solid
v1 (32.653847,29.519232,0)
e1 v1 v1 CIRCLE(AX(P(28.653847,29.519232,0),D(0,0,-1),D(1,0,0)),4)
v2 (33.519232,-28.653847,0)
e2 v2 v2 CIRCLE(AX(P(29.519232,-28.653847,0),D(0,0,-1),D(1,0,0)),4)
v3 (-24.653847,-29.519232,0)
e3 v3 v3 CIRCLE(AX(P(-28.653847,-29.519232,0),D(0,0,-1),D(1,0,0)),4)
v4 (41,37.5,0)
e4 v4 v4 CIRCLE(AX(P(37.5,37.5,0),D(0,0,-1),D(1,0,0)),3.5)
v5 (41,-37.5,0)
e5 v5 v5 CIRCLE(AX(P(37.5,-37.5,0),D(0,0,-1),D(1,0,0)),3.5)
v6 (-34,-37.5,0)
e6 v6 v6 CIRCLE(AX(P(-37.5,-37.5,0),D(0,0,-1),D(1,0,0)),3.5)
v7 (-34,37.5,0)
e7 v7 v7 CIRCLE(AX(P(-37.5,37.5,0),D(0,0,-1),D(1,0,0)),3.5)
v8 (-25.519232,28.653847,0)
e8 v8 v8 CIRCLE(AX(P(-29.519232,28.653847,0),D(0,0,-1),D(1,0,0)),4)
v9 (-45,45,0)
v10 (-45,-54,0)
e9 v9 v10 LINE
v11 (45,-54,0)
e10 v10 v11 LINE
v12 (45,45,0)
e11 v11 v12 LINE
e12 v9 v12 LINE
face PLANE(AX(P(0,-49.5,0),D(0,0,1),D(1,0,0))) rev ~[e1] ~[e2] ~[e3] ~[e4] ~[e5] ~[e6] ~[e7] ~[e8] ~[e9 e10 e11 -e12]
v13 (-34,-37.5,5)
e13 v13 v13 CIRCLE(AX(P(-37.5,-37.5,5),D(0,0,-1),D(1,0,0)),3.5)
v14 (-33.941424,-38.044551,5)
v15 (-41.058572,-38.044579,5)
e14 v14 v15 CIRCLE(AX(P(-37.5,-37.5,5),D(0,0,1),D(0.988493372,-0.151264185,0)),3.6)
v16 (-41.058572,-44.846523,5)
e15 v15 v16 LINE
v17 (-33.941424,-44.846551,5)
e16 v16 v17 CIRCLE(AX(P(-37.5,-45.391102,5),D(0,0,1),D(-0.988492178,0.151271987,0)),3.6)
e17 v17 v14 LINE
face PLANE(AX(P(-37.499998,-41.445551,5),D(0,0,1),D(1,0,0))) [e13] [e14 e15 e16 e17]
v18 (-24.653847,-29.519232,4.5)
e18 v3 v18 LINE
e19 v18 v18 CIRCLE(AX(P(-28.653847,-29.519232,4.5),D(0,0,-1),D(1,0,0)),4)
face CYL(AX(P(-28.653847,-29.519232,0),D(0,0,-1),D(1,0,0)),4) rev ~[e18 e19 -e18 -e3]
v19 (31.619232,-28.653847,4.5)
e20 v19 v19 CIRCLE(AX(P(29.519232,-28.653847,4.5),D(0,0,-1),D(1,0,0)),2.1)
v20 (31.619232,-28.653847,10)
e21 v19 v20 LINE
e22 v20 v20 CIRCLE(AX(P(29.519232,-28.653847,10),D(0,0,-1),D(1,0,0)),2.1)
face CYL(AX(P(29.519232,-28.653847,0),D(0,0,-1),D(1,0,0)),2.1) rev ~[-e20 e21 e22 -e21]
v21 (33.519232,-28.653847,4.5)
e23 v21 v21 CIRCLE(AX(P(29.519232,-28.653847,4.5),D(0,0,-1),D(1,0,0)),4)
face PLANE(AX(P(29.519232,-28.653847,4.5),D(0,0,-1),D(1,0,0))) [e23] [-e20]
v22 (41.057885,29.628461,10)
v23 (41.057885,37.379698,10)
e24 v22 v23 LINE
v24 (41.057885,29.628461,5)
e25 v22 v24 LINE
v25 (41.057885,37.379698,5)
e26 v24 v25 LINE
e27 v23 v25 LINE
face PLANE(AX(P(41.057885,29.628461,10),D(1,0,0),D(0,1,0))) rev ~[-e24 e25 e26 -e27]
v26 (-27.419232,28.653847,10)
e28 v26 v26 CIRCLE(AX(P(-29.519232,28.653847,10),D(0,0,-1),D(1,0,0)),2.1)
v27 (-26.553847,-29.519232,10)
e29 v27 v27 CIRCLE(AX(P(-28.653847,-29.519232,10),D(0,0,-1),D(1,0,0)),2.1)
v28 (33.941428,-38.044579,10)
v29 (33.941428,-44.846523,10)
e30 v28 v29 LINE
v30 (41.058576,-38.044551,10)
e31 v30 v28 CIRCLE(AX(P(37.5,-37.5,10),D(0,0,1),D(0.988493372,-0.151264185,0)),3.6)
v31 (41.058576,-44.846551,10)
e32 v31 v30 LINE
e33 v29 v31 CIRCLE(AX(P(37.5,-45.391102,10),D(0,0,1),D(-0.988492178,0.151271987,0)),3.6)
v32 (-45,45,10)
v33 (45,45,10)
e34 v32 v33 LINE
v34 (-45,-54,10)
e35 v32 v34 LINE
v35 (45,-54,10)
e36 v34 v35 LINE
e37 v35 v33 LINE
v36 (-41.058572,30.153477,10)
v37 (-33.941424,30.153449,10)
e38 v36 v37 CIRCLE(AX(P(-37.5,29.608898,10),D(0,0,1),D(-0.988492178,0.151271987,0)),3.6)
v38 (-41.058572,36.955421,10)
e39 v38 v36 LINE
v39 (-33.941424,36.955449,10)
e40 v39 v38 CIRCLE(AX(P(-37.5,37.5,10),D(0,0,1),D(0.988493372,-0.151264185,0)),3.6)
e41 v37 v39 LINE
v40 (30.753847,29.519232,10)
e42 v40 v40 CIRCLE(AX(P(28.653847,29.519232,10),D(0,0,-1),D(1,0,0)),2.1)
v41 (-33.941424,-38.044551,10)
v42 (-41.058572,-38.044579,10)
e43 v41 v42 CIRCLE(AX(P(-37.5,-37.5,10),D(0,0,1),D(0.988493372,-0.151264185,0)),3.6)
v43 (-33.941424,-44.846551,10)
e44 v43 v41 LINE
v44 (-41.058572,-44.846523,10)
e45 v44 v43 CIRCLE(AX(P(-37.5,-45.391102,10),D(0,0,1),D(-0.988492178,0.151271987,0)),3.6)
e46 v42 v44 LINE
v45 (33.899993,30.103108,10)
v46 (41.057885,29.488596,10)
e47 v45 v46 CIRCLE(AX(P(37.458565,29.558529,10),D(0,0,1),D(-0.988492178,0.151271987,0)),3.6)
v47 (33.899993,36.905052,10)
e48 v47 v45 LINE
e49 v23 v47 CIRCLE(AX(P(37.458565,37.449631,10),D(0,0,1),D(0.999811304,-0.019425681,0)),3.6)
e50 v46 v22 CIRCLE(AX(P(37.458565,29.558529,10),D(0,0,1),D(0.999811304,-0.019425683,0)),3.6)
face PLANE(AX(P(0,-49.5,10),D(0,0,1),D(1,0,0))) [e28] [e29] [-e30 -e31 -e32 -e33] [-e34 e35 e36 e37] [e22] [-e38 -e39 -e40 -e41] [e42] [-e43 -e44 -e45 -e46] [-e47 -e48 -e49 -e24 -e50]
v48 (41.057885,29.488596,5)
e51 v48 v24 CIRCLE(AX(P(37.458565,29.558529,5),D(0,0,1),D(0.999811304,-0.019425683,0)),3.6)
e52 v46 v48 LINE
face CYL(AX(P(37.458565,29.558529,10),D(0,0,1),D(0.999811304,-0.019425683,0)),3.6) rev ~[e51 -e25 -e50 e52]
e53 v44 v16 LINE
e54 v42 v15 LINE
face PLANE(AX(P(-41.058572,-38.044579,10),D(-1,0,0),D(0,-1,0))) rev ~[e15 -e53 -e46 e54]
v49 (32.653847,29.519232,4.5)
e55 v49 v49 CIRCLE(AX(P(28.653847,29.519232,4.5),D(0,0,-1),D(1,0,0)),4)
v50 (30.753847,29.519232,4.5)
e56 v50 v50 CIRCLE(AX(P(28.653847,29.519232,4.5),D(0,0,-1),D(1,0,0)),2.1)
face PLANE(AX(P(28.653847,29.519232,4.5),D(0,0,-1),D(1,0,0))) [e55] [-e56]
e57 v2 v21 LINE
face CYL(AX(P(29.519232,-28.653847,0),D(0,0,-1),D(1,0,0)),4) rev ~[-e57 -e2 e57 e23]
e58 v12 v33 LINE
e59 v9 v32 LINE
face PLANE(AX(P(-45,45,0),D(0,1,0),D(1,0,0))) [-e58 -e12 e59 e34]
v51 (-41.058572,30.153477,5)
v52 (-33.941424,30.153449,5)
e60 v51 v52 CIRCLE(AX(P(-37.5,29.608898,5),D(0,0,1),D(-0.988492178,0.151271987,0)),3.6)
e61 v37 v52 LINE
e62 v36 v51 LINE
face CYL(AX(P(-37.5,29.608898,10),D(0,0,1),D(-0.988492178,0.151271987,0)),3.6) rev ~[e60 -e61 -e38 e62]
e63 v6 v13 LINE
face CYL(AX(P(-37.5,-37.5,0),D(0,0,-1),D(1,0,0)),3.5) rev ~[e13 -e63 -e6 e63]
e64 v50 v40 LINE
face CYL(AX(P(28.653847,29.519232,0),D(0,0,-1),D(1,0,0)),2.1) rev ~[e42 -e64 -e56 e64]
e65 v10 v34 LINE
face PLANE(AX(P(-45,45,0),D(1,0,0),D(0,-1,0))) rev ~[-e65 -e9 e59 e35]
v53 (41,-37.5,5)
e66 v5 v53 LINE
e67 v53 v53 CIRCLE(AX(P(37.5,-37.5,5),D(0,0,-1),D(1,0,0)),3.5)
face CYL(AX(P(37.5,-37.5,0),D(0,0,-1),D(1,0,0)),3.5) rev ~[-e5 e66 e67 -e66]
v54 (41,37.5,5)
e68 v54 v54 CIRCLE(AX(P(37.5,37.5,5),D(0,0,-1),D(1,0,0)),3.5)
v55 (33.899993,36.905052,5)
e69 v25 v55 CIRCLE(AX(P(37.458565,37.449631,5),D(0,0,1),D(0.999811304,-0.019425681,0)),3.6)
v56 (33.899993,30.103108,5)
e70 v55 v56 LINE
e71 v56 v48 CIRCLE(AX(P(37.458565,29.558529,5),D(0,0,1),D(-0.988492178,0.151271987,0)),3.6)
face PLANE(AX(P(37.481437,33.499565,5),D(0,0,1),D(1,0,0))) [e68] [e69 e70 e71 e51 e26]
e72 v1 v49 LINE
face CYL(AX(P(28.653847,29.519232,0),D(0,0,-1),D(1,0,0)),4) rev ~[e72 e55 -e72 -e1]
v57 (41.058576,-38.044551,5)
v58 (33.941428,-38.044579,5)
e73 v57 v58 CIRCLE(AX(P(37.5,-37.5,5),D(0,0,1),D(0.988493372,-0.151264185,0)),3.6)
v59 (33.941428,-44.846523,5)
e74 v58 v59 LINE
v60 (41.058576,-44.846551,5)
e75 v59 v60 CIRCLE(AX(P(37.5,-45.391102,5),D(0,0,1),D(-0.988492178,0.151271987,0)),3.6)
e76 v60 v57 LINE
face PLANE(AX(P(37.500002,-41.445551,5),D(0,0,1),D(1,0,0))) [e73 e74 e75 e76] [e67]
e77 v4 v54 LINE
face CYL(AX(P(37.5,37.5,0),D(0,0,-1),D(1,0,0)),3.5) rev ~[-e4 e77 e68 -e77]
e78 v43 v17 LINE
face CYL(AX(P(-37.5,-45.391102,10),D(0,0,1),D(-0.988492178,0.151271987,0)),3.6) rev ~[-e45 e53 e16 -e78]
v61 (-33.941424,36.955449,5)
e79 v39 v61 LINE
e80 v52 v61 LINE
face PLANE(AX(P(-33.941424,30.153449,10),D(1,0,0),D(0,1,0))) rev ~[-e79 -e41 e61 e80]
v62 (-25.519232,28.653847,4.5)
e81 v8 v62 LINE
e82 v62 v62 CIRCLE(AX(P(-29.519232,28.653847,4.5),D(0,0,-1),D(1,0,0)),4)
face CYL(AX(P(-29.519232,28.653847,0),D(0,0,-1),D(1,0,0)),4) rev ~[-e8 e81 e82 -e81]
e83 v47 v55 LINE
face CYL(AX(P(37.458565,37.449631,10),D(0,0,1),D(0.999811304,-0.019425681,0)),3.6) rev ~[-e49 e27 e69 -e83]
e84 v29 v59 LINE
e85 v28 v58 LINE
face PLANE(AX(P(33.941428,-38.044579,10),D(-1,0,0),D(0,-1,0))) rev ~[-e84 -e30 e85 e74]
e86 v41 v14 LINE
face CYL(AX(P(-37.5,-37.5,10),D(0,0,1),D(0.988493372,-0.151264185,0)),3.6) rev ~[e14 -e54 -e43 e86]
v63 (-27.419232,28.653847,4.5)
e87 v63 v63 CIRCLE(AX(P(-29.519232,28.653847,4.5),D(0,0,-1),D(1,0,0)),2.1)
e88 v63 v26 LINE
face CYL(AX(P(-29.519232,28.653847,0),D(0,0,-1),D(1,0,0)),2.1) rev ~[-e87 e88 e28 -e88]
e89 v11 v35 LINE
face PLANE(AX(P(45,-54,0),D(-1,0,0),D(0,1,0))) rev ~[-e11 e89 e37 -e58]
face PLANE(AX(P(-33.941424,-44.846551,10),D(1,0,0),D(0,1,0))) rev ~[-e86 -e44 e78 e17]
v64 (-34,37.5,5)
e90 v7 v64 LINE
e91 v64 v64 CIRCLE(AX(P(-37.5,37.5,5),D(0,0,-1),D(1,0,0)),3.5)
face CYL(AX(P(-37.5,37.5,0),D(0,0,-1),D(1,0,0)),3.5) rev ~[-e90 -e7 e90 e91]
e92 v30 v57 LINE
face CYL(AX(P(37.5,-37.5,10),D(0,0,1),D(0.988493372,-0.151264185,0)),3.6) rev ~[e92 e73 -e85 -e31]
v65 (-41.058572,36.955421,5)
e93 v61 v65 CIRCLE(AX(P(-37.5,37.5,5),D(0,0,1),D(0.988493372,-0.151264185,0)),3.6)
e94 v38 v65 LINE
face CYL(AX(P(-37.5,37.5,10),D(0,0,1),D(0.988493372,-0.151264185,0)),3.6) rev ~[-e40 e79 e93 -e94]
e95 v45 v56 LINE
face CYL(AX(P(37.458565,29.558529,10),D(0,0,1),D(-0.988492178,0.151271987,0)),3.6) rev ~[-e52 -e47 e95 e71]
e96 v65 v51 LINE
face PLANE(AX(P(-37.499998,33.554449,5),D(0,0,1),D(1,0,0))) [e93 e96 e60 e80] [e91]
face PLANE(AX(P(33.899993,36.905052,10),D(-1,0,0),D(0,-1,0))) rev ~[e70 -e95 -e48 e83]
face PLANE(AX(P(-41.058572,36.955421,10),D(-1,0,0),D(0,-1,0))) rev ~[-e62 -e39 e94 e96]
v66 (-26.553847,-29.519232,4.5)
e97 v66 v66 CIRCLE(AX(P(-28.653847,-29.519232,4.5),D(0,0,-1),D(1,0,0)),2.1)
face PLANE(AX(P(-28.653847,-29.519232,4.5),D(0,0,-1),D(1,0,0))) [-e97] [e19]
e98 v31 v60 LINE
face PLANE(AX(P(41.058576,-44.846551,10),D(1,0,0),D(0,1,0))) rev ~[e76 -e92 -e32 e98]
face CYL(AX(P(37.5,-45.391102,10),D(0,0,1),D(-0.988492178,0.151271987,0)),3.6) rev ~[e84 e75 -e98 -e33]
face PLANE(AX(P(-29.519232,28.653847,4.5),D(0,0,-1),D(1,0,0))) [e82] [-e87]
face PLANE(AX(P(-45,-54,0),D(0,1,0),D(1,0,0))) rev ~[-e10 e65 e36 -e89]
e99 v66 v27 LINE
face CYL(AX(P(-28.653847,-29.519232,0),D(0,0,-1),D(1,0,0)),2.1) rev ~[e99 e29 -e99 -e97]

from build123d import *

# Parameters (mm, degrees)
F0_W     = 90
F0_H     = 9
F0_H_2   = 90
F0_R     = 2.5
F1_DEPTH = 10
F3_DEPTH = 5
F4_R     = 3.5
F4_R_2   = 2.5
F5_DEPTH = 25
F6_R     = 4
F6_R_2   = 2.1
F7_DEPTH = 4.5
F8_DEPTH = 25


with BuildPart() as f1:
    # F0 (on Top) → F1 (new body)
    with BuildSketch(Plane.XY):
        with Locations((0, -49.5)):
            Rectangle(F0_W, F0_H)
        Rectangle(F0_W, F0_H_2)
        with Locations((-37.5, -37.5)):
            Circle(F0_R, mode=Mode.SUBTRACT)
        with Locations((37.5, -37.5)):
            Circle(F0_R, mode=Mode.SUBTRACT)
        with Locations((-37.5, 37.5)):
            Circle(F0_R, mode=Mode.SUBTRACT)
        with Locations((37.5, 37.5)):
            Circle(F0_R, mode=Mode.SUBTRACT)
    extrude(amount=F1_DEPTH)

    # F2 (on face) → F3 (cut)
    with BuildSketch(Plane.XY.offset(10)):
        with BuildLine():
            Line((-33.9414238613, 30.1534489324), (-33.9414238613, 36.9554489324))
            ThreePointArc((-33.9414238613, 36.9554489324), (-37.5000142062, 41.1), (-41.0585718408, 36.9554208469))
            Line((-41.0585718408, 36.9554208469), (-41.0585718408, 30.153477018))
            ThreePointArc((-41.0585718408, 30.153477018), (-37.5000142062, 26.0088978648), (-33.9414238613, 30.1534489324))
        make_face()
        with BuildLine():
            Line((41.0578852383, 29.6284612117), (41.0578852383, 37.3796984459))
            ThreePointArc((41.0578852383, 37.3796984459), (37.2203682179, 41.0417420458), (33.8999927044, 36.9050517432))
            Line((33.8999927044, 36.9050517432), (33.8999927044, 30.1031079143))
            ThreePointArc((33.8999927044, 30.1031079143), (37.1506339605, 25.9717225558), (41.0578852383, 29.4885963107))
            Line((41.0578852383, 29.4885963107), (41.0578852383, 29.6284612117))
        make_face()
        with BuildLine():
            ThreePointArc((41.0578852383, 29.4885963107), (41.0585645452, 29.5585287612), (41.0578852383, 29.6284612117))
            Line((41.0578852383, 29.6284612117), (41.0578852383, 29.4885963107))
        make_face()
        with BuildLine():
            Line((-33.9414238613, -44.8465510676), (-33.9414238613, -38.0445510676))
            ThreePointArc((-33.9414238613, -38.0445510676), (-37.5000142062, -33.9), (-41.0585718408, -38.0445791531))
            Line((-41.0585718408, -38.0445791531), (-41.0585718408, -44.846522982))
            ThreePointArc((-41.0585718408, -44.846522982), (-37.5000142062, -48.9911021352), (-33.9414238613, -44.8465510676))
        make_face()
        with BuildLine():
            Line((41.0585761387, -44.8465510676), (41.0585761387, -38.0445510676))
            ThreePointArc((41.0585761387, -38.0445510676), (37.4999857938, -33.9), (33.9414281592, -38.0445791531))
            Line((33.9414281592, -38.0445791531), (33.9414281592, -44.846522982))
            ThreePointArc((33.9414281592, -44.846522982), (37.4999857938, -48.9911021352), (41.0585761387, -44.8465510676))
        make_face()
    extrude(amount=-F3_DEPTH, mode=Mode.SUBTRACT)

    # F4 (on face) → F5 (cut)
    with BuildSketch(Plane(origin=(0, 0, 0), x_dir=(1, 0, 0), z_dir=(0, 0, -1))):
        with Locations((-37.5, -37.5)):
            Circle(F4_R)
        with Locations((-37.5, -37.5)):
            Circle(F4_R_2, mode=Mode.SUBTRACT)
        with Locations((-37.5, 37.5)):
            Circle(F4_R)
        with Locations((-37.5, 37.5)):
            Circle(F4_R_2, mode=Mode.SUBTRACT)
        with Locations((37.5, 37.5)):
            Circle(F4_R)
        with Locations((37.5, 37.5)):
            Circle(F4_R_2, mode=Mode.SUBTRACT)
        with Locations((37.5, -37.5)):
            Circle(F4_R)
        with Locations((37.5, -37.5)):
            Circle(F4_R_2, mode=Mode.SUBTRACT)
    extrude(amount=-F5_DEPTH, mode=Mode.SUBTRACT)

    # F6 (on face) → F7 (cut)
    with BuildSketch(Plane(origin=(0, 0, 0), x_dir=(1, 0, 0), z_dir=(0, 0, -1))):
        with Locations((-29.51923199, -28.6538470536)):
            Circle(F6_R)
        with Locations((-29.51923199, -28.6538470536)):
            Circle(F6_R_2, mode=Mode.SUBTRACT)
        with Locations((28.6538470536, -29.51923199)):
            Circle(F6_R)
        with Locations((28.6538470536, -29.51923199)):
            Circle(F6_R_2, mode=Mode.SUBTRACT)
        with Locations((-28.6538470536, 29.51923199)):
            Circle(F6_R)
        with Locations((-28.6538470536, 29.51923199)):
            Circle(F6_R_2, mode=Mode.SUBTRACT)
        with Locations((29.51923199, 28.6538470536)):
            Circle(F6_R)
        with Locations((29.51923199, 28.6538470536)):
            Circle(F6_R_2, mode=Mode.SUBTRACT)
    extrude(amount=-F7_DEPTH, mode=Mode.SUBTRACT)

    # F8 (cut): faces of the model
    f8_faces = [f1.faces().sort_by_distance(p)[0] for p in [
        (-28.6538470536, -29.51923199, 0),
        (29.51923199, -28.6538470536, 0),
        (28.6538470536, 29.51923199, 0),
        (-29.51923199, 28.6538470536, 0),
    ]]
    extrude(f8_faces, amount=-F8_DEPTH, mode=Mode.SUBTRACT)


solid = f1.part
